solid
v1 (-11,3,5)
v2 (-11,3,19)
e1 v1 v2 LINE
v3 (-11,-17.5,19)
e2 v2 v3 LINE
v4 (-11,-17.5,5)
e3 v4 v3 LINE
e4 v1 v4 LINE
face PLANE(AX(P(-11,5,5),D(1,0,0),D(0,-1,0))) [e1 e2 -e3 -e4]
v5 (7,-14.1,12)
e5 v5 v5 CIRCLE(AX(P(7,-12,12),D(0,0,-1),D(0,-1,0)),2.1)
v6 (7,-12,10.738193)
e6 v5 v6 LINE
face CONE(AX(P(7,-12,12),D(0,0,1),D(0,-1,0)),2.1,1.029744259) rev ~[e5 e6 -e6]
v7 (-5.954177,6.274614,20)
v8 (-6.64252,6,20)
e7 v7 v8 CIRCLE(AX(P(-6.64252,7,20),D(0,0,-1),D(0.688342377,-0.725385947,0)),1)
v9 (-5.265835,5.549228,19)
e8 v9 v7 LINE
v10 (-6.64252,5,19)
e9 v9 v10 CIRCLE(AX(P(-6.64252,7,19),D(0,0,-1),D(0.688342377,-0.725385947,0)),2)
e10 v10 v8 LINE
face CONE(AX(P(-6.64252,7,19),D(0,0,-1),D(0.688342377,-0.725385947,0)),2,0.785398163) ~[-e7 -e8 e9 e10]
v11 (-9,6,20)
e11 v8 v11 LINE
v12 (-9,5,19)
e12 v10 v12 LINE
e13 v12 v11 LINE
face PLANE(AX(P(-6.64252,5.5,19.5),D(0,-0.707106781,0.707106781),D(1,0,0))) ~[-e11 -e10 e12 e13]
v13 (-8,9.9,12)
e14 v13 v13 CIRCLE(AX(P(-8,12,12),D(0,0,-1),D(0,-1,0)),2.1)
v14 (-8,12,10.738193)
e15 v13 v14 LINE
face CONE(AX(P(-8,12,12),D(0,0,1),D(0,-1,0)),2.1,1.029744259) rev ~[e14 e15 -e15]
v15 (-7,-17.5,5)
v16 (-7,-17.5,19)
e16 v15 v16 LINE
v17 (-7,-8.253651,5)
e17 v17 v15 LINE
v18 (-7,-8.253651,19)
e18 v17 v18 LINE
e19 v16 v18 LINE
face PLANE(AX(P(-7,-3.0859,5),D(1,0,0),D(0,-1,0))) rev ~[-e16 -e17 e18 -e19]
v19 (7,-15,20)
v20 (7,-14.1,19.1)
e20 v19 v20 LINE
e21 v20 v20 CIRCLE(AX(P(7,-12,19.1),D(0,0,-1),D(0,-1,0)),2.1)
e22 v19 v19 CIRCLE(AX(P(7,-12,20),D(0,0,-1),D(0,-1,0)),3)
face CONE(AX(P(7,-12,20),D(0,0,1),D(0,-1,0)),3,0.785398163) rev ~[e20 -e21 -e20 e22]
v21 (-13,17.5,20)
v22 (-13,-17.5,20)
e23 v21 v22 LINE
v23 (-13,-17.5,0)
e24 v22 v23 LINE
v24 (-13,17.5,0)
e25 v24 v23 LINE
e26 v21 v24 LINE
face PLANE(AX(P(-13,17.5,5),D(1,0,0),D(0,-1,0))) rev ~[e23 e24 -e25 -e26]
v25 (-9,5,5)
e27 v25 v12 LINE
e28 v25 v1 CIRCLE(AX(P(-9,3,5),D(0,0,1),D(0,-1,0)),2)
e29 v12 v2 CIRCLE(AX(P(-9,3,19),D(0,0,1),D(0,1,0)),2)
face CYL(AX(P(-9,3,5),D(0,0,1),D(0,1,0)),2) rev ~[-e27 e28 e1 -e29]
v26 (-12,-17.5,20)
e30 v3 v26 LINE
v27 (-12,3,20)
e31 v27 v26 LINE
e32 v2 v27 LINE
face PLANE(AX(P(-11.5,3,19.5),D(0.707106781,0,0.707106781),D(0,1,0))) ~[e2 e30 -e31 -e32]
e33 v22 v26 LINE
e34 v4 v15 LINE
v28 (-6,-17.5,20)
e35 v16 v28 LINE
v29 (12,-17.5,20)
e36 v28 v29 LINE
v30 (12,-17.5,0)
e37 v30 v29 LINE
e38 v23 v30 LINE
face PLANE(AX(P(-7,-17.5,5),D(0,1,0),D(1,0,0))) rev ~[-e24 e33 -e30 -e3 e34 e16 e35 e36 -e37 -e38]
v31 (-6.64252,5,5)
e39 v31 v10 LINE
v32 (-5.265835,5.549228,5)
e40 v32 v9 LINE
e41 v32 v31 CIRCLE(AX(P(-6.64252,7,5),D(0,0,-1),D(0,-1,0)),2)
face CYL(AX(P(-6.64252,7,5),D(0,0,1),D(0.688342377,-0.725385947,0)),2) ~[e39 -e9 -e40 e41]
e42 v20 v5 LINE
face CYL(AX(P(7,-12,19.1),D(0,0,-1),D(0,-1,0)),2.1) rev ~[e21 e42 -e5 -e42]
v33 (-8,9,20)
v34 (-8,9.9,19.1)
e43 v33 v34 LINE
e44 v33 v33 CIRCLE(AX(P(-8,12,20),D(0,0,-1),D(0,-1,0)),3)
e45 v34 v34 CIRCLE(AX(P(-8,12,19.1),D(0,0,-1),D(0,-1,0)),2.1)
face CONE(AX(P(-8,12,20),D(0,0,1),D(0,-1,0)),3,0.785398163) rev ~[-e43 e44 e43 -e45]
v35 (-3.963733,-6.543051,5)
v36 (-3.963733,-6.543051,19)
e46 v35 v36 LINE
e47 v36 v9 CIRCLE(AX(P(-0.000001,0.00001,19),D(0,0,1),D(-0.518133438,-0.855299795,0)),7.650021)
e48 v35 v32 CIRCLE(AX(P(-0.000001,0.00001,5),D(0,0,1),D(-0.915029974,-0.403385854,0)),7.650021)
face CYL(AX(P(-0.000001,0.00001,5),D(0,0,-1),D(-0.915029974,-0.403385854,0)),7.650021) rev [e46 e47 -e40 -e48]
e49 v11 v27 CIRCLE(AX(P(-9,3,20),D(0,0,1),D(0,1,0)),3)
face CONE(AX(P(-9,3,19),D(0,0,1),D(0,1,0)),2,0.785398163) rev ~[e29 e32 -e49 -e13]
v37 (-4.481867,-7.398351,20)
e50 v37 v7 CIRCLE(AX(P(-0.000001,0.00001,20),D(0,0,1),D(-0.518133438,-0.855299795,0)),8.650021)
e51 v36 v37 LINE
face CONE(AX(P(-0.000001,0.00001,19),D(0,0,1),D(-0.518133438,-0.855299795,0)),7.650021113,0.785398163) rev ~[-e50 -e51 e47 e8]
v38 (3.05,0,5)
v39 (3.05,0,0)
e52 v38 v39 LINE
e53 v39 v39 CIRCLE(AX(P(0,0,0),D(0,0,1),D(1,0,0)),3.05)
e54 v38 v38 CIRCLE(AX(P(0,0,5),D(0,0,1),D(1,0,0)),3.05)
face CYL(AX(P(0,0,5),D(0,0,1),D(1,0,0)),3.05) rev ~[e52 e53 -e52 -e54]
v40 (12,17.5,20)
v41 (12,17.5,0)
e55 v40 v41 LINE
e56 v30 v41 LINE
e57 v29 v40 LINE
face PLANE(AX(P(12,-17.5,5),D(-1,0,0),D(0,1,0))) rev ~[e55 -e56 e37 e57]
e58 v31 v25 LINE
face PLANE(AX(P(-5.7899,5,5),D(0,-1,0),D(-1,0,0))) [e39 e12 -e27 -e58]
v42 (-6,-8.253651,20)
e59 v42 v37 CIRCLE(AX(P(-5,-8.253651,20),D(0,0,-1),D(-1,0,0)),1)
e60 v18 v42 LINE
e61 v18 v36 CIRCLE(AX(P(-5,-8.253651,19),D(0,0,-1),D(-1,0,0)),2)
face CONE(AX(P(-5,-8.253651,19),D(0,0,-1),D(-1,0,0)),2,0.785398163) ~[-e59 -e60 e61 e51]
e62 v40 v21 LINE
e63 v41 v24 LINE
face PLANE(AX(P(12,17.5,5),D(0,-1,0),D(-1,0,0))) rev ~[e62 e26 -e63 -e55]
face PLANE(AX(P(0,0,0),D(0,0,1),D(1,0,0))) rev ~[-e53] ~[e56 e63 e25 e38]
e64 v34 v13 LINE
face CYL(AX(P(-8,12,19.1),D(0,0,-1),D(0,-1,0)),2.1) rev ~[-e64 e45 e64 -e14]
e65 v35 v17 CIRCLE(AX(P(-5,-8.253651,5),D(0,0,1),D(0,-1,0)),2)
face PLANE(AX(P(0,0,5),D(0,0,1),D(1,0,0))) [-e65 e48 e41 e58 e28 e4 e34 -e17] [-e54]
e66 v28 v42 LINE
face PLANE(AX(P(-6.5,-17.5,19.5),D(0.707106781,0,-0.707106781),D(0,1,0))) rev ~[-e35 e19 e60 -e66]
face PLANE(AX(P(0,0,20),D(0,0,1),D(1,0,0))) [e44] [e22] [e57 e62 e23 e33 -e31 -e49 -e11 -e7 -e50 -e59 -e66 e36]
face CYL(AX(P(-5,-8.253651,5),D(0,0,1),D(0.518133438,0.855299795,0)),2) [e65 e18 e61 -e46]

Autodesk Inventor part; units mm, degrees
ref_plane "YZ Plane" through (0, 0, 0) normal (1, 0, 0) x (0, 1, 0)
ref_plane "XZ Plane" through (0, 0, 0) normal (0, 1, 0) x (-1, 0, 0)
ref_plane "XY Plane" through (0, 0, 0) normal (0, 0, 1) x (1, 0, 0)
sketch "Sketch1" plane through (0, 0, 0) normal (0, 0, 1) x (1, 0, 0)
  line L0 (12, 17.5) -> (-13, 17.5)
  line L1 (-13, 17.5) -> (-13, -17.5)
  line L2 (-13, -17.5) -> (12, -17.5)
  line L3 (12, -17.5) -> (12, 17.5)
  point P0 (0, 0)
  point P1 (12, 0)
  dimension "d0" = 25
  dimension "d1" = 35
  dimension "d16" = 12
extrude "Extrusion1" add sketch "Sketch1" along normal blind 5
sketch "Sketch2" plane through (0, 0, 5) normal (0, 0, 1) x (1, 0, 0)
  circle A0 centre (0, 0) radius 3.05
  dimension "d4" = 6.1
extrude "Extrusion2" cut sketch "Sketch2" against normal up to next
sketch "Sketch4" plane through (0, 0, 5) normal (0, 0, 1) x (1, 0, 0)
  circle A0 centre (0, 0) radius 3.05 projected
  arc A1 (-7, -3.0859) -> (-5.7899, 5) centre (0, 0) ccw
  line L0 (-5.7899, 5) -> (-11, 5)
  line L1 (-11, 5) -> (-11, -17.5)
  line L2 (-13, -17.5) -> (12, -17.5) projected
  line L3 (-7, -3.0859) -> (-7, -17.5)
  circle A2 centre (0, 0) radius 3.05 projected
  line L4 (12, 17.5) -> (-13, 17.5) projected
  line L5 (-13, 17.5) -> (-13, -17.5) projected
  line L6 (-13, -17.5) -> (12, -17.5) projected
  line L7 (12, -17.5) -> (12, 17.5) projected
  dimension "d9" = 15.3
  dimension "d10" = 11
  dimension "d11" = 7
  dimension "d12" = 5
extrude "Extrusion3" add sketch "Sketch4" along normal blind 15 contours A1 L0 L1 L2 L5 L4 L7 L3
fillet "Fillet1" radius 2 3 edges at (-7, -3.0859, 12.5) (-5.7899, 5, 12.5) (-11, 5, 12.5)
sketch "Sketch5" plane through (0, 0, 20) normal (0, 0, 1) x (1, 0, 0)
  point P0 (0, 0)
  point P1 (-8, 12)
  point P2 (7, -12)
  dimension "d17" = 7
  dimension "d18" = 12
  dimension "d19" = 12
  dimension "d20" = 8
hole "Hole1" at (-8, 12, 20) at (7, -12, 20) direction (0, 0, -1) diameter 4.2 depth 8 tip angle 118 countersink diameter 6 countersink angle 90
chamfer "Chamfer1" distance 1 angle 45 6 edges at (7.606, 0.819, 20) (-5.9817, -6.5111, 20) (-7, -12.8768, 20) (-5.9014, 5.1424, 20) (-7.8212, 5, 20) (-11, -7.25, 20)
properties part number "Base" material "ABS Plastic"
